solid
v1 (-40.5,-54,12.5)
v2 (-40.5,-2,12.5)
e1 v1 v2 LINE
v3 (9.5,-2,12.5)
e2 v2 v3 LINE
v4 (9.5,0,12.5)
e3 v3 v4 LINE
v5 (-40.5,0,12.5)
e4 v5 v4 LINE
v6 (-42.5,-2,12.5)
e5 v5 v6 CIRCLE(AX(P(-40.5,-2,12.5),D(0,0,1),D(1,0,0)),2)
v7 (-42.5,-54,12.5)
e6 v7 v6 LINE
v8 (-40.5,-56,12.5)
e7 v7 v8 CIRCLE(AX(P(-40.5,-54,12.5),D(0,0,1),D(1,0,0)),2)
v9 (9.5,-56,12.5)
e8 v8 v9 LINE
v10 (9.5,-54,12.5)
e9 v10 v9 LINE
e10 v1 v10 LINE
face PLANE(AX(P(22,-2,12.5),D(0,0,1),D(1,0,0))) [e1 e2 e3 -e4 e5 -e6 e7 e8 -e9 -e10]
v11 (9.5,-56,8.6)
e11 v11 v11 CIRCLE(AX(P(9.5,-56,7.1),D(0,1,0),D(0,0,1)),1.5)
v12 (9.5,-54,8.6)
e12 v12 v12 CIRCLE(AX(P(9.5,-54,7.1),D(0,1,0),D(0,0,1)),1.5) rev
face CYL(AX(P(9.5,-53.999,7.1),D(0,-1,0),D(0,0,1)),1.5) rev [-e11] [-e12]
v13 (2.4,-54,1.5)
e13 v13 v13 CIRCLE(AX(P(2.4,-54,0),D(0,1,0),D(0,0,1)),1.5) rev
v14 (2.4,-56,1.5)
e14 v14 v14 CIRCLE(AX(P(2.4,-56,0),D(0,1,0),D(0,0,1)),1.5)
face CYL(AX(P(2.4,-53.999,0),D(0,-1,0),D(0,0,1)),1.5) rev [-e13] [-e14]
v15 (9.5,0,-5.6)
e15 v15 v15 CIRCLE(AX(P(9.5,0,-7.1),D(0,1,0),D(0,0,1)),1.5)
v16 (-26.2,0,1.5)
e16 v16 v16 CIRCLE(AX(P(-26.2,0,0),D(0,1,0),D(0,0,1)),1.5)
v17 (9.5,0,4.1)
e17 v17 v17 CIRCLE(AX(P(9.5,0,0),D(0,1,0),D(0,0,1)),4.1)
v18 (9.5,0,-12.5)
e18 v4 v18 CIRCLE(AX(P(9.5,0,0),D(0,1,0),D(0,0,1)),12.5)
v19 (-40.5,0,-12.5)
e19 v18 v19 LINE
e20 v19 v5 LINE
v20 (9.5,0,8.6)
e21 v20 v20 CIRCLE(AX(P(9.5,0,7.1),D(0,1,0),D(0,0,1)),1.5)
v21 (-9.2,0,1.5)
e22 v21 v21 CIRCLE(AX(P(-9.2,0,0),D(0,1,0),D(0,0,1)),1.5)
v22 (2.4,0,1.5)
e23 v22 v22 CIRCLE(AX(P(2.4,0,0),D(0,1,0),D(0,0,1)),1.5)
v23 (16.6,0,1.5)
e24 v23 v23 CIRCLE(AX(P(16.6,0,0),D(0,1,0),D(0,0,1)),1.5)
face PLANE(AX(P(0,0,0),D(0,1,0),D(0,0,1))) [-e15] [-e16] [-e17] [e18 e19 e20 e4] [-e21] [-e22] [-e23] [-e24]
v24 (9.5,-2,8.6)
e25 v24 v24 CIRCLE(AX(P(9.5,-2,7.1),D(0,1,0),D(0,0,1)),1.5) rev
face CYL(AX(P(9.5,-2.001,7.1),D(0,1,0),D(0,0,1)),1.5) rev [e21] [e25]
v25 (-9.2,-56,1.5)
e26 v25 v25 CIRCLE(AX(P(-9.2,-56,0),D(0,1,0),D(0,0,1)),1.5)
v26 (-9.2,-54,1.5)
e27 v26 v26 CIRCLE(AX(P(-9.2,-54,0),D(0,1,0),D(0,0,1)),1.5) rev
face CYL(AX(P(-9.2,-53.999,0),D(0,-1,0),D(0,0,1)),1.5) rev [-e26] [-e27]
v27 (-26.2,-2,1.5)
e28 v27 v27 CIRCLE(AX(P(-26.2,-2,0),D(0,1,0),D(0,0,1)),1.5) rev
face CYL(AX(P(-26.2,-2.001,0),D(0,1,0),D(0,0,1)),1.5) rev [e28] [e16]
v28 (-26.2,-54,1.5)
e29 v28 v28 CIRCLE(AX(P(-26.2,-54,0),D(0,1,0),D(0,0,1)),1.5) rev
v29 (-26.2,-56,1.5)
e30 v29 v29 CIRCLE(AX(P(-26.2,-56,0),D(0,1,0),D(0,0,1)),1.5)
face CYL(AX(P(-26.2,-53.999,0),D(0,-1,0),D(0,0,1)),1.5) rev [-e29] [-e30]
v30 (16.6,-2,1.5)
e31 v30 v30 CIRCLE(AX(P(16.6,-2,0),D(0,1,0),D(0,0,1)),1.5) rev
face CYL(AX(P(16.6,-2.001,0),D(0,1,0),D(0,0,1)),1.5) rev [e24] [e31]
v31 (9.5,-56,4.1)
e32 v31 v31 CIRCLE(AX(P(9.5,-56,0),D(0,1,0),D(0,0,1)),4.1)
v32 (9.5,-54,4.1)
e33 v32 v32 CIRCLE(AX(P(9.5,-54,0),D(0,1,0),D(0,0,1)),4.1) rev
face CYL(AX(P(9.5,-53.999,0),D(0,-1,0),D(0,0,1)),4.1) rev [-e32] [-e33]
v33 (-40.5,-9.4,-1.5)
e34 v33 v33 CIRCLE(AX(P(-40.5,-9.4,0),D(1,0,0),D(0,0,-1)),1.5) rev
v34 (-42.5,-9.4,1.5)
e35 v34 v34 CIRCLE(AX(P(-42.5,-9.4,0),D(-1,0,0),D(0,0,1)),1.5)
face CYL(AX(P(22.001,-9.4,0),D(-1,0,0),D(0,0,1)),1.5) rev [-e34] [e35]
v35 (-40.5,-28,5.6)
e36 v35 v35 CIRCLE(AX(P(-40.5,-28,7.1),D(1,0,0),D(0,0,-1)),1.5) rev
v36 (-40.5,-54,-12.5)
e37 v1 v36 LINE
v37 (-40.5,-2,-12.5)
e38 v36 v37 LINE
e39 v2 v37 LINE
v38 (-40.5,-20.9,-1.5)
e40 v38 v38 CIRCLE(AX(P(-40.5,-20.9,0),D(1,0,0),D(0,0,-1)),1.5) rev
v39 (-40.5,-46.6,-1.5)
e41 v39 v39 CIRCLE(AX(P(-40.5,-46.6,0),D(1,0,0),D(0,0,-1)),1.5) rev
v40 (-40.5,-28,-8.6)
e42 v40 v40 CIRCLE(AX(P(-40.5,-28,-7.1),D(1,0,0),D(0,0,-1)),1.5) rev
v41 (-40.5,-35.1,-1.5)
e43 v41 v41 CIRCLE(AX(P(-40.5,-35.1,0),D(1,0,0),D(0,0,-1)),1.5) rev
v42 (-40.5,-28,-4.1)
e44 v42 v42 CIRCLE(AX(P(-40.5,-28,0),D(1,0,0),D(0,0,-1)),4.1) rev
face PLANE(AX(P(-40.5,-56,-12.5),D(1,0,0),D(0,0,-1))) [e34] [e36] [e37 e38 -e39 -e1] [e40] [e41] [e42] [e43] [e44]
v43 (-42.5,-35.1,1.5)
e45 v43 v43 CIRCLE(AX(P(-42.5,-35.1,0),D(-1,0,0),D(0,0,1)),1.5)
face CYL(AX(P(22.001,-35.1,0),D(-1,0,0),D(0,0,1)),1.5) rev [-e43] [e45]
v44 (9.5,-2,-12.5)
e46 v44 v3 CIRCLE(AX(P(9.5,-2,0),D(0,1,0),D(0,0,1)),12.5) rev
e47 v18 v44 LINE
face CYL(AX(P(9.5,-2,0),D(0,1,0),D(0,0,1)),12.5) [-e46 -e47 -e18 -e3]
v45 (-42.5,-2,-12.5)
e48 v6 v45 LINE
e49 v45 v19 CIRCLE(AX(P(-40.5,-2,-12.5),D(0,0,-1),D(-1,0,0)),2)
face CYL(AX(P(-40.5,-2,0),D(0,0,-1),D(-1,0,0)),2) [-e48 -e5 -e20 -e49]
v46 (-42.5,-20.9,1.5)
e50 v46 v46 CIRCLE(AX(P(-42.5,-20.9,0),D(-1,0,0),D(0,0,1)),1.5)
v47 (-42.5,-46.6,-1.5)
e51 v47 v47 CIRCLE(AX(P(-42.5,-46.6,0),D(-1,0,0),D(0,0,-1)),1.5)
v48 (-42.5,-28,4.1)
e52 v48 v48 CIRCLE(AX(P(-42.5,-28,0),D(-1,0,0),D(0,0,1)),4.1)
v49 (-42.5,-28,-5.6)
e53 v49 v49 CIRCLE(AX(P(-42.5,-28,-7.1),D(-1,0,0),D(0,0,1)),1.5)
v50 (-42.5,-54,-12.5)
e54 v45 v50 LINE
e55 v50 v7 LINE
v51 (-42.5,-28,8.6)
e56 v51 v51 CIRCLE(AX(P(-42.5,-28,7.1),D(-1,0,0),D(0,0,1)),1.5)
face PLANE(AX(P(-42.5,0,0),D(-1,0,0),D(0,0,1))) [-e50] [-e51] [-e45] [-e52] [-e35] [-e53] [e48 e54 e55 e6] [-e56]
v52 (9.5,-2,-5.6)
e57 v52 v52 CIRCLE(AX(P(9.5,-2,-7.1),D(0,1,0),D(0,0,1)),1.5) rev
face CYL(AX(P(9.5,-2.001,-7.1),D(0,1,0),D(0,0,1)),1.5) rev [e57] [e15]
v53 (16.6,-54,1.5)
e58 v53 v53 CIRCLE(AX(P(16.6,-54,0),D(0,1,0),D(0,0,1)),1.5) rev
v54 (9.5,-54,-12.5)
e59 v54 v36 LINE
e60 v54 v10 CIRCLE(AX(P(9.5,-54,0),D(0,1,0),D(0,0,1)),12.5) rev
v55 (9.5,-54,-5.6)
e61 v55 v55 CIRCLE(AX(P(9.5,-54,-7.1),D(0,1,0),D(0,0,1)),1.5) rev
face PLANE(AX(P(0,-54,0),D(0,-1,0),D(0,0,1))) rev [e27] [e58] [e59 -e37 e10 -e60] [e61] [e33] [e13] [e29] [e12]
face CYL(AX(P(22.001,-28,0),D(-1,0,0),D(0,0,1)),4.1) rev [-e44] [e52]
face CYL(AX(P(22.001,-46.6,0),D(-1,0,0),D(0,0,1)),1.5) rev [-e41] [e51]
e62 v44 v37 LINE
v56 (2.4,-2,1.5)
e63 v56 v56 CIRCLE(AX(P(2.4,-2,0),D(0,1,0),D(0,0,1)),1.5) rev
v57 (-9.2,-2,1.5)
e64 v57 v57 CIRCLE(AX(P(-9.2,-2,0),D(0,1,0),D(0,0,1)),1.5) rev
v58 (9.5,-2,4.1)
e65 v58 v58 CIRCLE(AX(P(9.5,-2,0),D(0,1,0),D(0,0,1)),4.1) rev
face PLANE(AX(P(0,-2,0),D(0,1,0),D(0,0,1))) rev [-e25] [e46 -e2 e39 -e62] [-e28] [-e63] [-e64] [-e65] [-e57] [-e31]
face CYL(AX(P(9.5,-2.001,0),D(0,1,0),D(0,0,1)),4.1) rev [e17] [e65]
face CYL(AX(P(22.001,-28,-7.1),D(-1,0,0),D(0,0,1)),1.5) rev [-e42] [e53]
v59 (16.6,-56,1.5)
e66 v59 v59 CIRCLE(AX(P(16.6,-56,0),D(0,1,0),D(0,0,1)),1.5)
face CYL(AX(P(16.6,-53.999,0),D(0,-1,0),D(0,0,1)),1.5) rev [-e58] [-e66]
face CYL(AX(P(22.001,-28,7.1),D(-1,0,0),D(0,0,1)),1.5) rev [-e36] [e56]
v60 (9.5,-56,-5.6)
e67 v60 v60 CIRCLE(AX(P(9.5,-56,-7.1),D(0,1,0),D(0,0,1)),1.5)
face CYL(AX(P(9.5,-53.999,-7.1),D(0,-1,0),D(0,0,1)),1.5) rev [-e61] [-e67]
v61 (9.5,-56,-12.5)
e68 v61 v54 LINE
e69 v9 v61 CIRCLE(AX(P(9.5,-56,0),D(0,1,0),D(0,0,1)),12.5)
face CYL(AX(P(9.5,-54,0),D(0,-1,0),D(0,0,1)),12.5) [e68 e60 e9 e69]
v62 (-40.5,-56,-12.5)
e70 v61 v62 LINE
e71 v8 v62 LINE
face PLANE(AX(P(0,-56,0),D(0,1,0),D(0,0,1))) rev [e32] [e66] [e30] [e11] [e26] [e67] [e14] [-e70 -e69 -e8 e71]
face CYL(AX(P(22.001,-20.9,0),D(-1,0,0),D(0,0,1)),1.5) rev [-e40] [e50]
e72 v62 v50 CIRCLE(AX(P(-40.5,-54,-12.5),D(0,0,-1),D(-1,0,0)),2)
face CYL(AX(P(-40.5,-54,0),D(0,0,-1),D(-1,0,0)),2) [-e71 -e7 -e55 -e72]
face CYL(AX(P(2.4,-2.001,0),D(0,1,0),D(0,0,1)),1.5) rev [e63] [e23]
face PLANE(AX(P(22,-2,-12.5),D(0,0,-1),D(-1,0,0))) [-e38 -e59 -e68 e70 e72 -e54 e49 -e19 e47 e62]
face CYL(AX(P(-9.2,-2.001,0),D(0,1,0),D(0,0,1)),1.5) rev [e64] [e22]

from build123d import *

# Parameters (mm, degrees)
SKETCH_1_W          = 44
SKETCH_1_H          = 25
EXTRUDE_1_DEPTH     = 2
FILLET_1_RADIUS     = 12.5
FILLET_1_LENGTH     = 2
CUT_EXTRUDE_2_REACH = 27.382
SKETCH_3_R          = 4.1
SKETCH_3_R_2        = 1.5
SKETCH_4_W          = 25
SKETCH_4_H          = 2
EXTRUDE_2_DEPTH     = 20.5
CUT_EXTRUDE_3_REACH = 46.345
SKETCH_5_R          = 1.5
SKETCH_6_W          = 2
SKETCH_6_H          = 25
EXTRUDE_3_DEPTH     = 56
CUT_EXTRUDE_4_REACH = 88.328
SKETCH_7_R          = 4.1
SKETCH_7_R_2        = 1.5
FILLET_2_R          = 2


with BuildPart() as part:
    # 草图1 → 凸台-拉伸1 (new body)
    with BuildSketch(Plane(origin=(0, 0, 0), x_dir=(1, 0, 0), z_dir=(0, 1, 0))):
        Rectangle(SKETCH_1_W, SKETCH_1_H)
    extrude(amount=-EXTRUDE_1_DEPTH)

    # 圆角1: full round fillet: the end face becomes a half cylinder, R = half its width
    fillet_1_face = Plane((22, -1, 0), x_dir=(0, 1, 0), z_dir=(1, 0, 0))  # on the end face: x along it, z out of the body
    fillet_1_slab = fillet_1_face.offset(-FILLET_1_RADIUS / 2) * Box(FILLET_1_LENGTH, 2 * FILLET_1_RADIUS, FILLET_1_RADIUS, mode=Mode.PRIVATE)  # the body's end, R deep
    fillet_1_round = Plane((9.5, -1, 0), x_dir=(1, 0, 0), z_dir=(0, 1, 0)) * Cylinder(FILLET_1_RADIUS, FILLET_1_LENGTH, mode=Mode.PRIVATE)  # its axis R under the face
    add(fillet_1_slab - fillet_1_round, mode=Mode.SUBTRACT)

    # 草图3 → 切除-拉伸2 (cut, up to next)
    with BuildSketch(Plane(origin=(0, 0, 0), x_dir=(1, 0, 0), z_dir=(0, 1, 0)), mode=Mode.PRIVATE) as cut_extrude_2_sk1:
        with Locations(Location((9.5, 0, 0), (0, 0, 270))):
            Circle(SKETCH_3_R)
    cut_extrude_2_tool1 = extrude(cut_extrude_2_sk1.sketch, amount=-CUT_EXTRUDE_2_REACH, mode=Mode.PRIVATE) & part.part
    # 草图3 → 切除-拉伸2 (cut, up to next)
    with BuildSketch(Plane(origin=(0, 0, 0), x_dir=(1, 0, 0), z_dir=(0, 1, 0)), mode=Mode.PRIVATE) as cut_extrude_2_sk2:
        with Locations(Location((2.4, 0, 0), (0, 0, 270))):
            Circle(SKETCH_3_R_2)
    cut_extrude_2_tool2 = extrude(cut_extrude_2_sk2.sketch, amount=-CUT_EXTRUDE_2_REACH, mode=Mode.PRIVATE) & part.part
    # 草图3 → 切除-拉伸2 (cut, up to next)
    with BuildSketch(Plane(origin=(0, 0, 0), x_dir=(1, 0, 0), z_dir=(0, 1, 0)), mode=Mode.PRIVATE) as cut_extrude_2_sk3:
        with Locations(Location((9.5, 7.1, 0), (0, 0, 270))):
            Circle(SKETCH_3_R_2)
    cut_extrude_2_tool3 = extrude(cut_extrude_2_sk3.sketch, amount=-CUT_EXTRUDE_2_REACH, mode=Mode.PRIVATE) & part.part
    # 草图3 → 切除-拉伸2 (cut, up to next)
    with BuildSketch(Plane(origin=(0, 0, 0), x_dir=(1, 0, 0), z_dir=(0, 1, 0)), mode=Mode.PRIVATE) as cut_extrude_2_sk4:
        with Locations(Location((16.6, 0, 0), (0, 0, 270))):
            Circle(SKETCH_3_R_2)
    cut_extrude_2_tool4 = extrude(cut_extrude_2_sk4.sketch, amount=-CUT_EXTRUDE_2_REACH, mode=Mode.PRIVATE) & part.part
    # 草图3 → 切除-拉伸2 (cut, up to next)
    with BuildSketch(Plane(origin=(0, 0, 0), x_dir=(1, 0, 0), z_dir=(0, 1, 0)), mode=Mode.PRIVATE) as cut_extrude_2_sk5:
        with Locations(Location((9.5, -7.1, 0), (0, 0, 270))):
            Circle(SKETCH_3_R_2)
    cut_extrude_2_tool5 = extrude(cut_extrude_2_sk5.sketch, amount=-CUT_EXTRUDE_2_REACH, mode=Mode.PRIVATE) & part.part
    # 草图3 → 切除-拉伸2 (cut, up to next)
    with BuildSketch(Plane(origin=(0, 0, 0), x_dir=(1, 0, 0), z_dir=(0, 1, 0)), mode=Mode.PRIVATE) as cut_extrude_2_sk6:
        with Locations(Location((-9.2, 0, 0), (0, 0, 270))):
            Circle(SKETCH_3_R_2)
    cut_extrude_2_tool6 = extrude(cut_extrude_2_sk6.sketch, amount=-CUT_EXTRUDE_2_REACH, mode=Mode.PRIVATE) & part.part
    add(cut_extrude_2_tool1.solids().sort_by_distance((9.5, 0, 0))[0], mode=Mode.SUBTRACT)
    add(cut_extrude_2_tool2.solids().sort_by_distance((2.4, 0, 0))[0], mode=Mode.SUBTRACT)
    add(cut_extrude_2_tool3.solids().sort_by_distance((9.5, 0, -7.1))[0], mode=Mode.SUBTRACT)
    add(cut_extrude_2_tool4.solids().sort_by_distance((16.6, 0, 0))[0], mode=Mode.SUBTRACT)
    add(cut_extrude_2_tool5.solids().sort_by_distance((9.5, 0, 7.1))[0], mode=Mode.SUBTRACT)
    add(cut_extrude_2_tool6.solids().sort_by_distance((-9.2, 0, 0))[0], mode=Mode.SUBTRACT)

    # 草图4 → 凸台-拉伸2 (add)
    with BuildSketch(Plane.ZY.offset(22)):
        with Locations((0, -1)):
            Rectangle(SKETCH_4_W, SKETCH_4_H)
    extrude(amount=EXTRUDE_2_DEPTH)

    # 草图5 → 切除-拉伸3 (cut, up to next)
    with BuildSketch(Plane(origin=(0, 0, 0), x_dir=(1, 0, 0), z_dir=(0, 1, 0)), mode=Mode.PRIVATE) as cut_extrude_3_sk1:
        with Locations(Location((-26.2, 0, 0), (0, 0, 270))):
            Circle(SKETCH_5_R)
    cut_extrude_3_tool1 = extrude(cut_extrude_3_sk1.sketch, amount=-CUT_EXTRUDE_3_REACH, mode=Mode.PRIVATE) & part.part
    add(cut_extrude_3_tool1.solids().sort_by_distance((-26.2, 0, 0))[0], mode=Mode.SUBTRACT)

    # 草图6 → 凸台-拉伸3 (add)
    with BuildSketch(Plane(origin=(0, 0, 0), x_dir=(1, 0, 0), z_dir=(0, 1, 0))):
        with Locations((-41.5, 0)):
            Rectangle(SKETCH_6_W, SKETCH_6_H)
    extrude(amount=-EXTRUDE_3_DEPTH)

    # 草图7 → 切除-拉伸4 (cut, up to next)
    with BuildSketch(Plane.ZY.offset(42.5), mode=Mode.PRIVATE) as cut_extrude_4_sk1:
        with Locations((0, -28)):
            Circle(SKETCH_7_R)
    cut_extrude_4_tool1 = extrude(cut_extrude_4_sk1.sketch, amount=-CUT_EXTRUDE_4_REACH, mode=Mode.PRIVATE) & part.part
    # 草图7 → 切除-拉伸4 (cut, up to next)
    with BuildSketch(Plane.ZY.offset(42.5), mode=Mode.PRIVATE) as cut_extrude_4_sk2:
        with Locations((-7.1, -28)):
            Circle(SKETCH_7_R_2)
    cut_extrude_4_tool2 = extrude(cut_extrude_4_sk2.sketch, amount=-CUT_EXTRUDE_4_REACH, mode=Mode.PRIVATE) & part.part
    # 草图7 → 切除-拉伸4 (cut, up to next)
    with BuildSketch(Plane.ZY.offset(42.5), mode=Mode.PRIVATE) as cut_extrude_4_sk3:
        with Locations((0, -20.9)):
            Circle(SKETCH_7_R_2)
    cut_extrude_4_tool3 = extrude(cut_extrude_4_sk3.sketch, amount=-CUT_EXTRUDE_4_REACH, mode=Mode.PRIVATE) & part.part
    # 草图7 → 切除-拉伸4 (cut, up to next)
    with BuildSketch(Plane.ZY.offset(42.5), mode=Mode.PRIVATE) as cut_extrude_4_sk4:
        with Locations((7.1, -28)):
            Circle(SKETCH_7_R_2)
    cut_extrude_4_tool4 = extrude(cut_extrude_4_sk4.sketch, amount=-CUT_EXTRUDE_4_REACH, mode=Mode.PRIVATE) & part.part
    # 草图7 → 切除-拉伸4 (cut, up to next)
    with BuildSketch(Plane.ZY.offset(42.5), mode=Mode.PRIVATE) as cut_extrude_4_sk5:
        with Locations((0, -35.1)):
            Circle(SKETCH_7_R_2)
    cut_extrude_4_tool5 = extrude(cut_extrude_4_sk5.sketch, amount=-CUT_EXTRUDE_4_REACH, mode=Mode.PRIVATE) & part.part
    # 草图7 → 切除-拉伸4 (cut, up to next)
    with BuildSketch(Plane.ZY.offset(42.5), mode=Mode.PRIVATE) as cut_extrude_4_sk6:
        with Locations((0, -9.4)):
            Circle(SKETCH_7_R_2)
    cut_extrude_4_tool6 = extrude(cut_extrude_4_sk6.sketch, amount=-CUT_EXTRUDE_4_REACH, mode=Mode.PRIVATE) & part.part
    # 草图7 → 切除-拉伸4 (cut, up to next)
    with BuildSketch(Plane.ZY.offset(42.5), mode=Mode.PRIVATE) as cut_extrude_4_sk7:
        with Locations(Location((0, -46.6, 0), (0, 0, 180))):
            Circle(SKETCH_7_R_2)
    cut_extrude_4_tool7 = extrude(cut_extrude_4_sk7.sketch, amount=-CUT_EXTRUDE_4_REACH, mode=Mode.PRIVATE) & part.part
    add(cut_extrude_4_tool1.solids().sort_by_distance((-42.5, -28, 0))[0], mode=Mode.SUBTRACT)
    add(cut_extrude_4_tool2.solids().sort_by_distance((-42.5, -28, -7.1))[0], mode=Mode.SUBTRACT)
    add(cut_extrude_4_tool3.solids().sort_by_distance((-42.5, -20.9, 0))[0], mode=Mode.SUBTRACT)
    add(cut_extrude_4_tool4.solids().sort_by_distance((-42.5, -28, 7.1))[0], mode=Mode.SUBTRACT)
    add(cut_extrude_4_tool5.solids().sort_by_distance((-42.5, -35.1, 0))[0], mode=Mode.SUBTRACT)
    add(cut_extrude_4_tool6.solids().sort_by_distance((-42.5, -9.4, 0))[0], mode=Mode.SUBTRACT)
    add(cut_extrude_4_tool7.solids().sort_by_distance((-42.5, -46.6, 0))[0], mode=Mode.SUBTRACT)

    # 镜向1: part across plane


with BuildPart() as part_1:
    add(part.part)
    add(part.part.mirror(Plane.ZX.offset(-28)))

    # 圆角2
    fillet_2_edges = [part_1.edges().sort_by_distance(p)[0] for p in [
        (-42.5, 0, 0),
        (-42.5, -56, 0),
    ]]
    fillet(fillet_2_edges, radius=FILLET_2_R)


solid = part_1.part
